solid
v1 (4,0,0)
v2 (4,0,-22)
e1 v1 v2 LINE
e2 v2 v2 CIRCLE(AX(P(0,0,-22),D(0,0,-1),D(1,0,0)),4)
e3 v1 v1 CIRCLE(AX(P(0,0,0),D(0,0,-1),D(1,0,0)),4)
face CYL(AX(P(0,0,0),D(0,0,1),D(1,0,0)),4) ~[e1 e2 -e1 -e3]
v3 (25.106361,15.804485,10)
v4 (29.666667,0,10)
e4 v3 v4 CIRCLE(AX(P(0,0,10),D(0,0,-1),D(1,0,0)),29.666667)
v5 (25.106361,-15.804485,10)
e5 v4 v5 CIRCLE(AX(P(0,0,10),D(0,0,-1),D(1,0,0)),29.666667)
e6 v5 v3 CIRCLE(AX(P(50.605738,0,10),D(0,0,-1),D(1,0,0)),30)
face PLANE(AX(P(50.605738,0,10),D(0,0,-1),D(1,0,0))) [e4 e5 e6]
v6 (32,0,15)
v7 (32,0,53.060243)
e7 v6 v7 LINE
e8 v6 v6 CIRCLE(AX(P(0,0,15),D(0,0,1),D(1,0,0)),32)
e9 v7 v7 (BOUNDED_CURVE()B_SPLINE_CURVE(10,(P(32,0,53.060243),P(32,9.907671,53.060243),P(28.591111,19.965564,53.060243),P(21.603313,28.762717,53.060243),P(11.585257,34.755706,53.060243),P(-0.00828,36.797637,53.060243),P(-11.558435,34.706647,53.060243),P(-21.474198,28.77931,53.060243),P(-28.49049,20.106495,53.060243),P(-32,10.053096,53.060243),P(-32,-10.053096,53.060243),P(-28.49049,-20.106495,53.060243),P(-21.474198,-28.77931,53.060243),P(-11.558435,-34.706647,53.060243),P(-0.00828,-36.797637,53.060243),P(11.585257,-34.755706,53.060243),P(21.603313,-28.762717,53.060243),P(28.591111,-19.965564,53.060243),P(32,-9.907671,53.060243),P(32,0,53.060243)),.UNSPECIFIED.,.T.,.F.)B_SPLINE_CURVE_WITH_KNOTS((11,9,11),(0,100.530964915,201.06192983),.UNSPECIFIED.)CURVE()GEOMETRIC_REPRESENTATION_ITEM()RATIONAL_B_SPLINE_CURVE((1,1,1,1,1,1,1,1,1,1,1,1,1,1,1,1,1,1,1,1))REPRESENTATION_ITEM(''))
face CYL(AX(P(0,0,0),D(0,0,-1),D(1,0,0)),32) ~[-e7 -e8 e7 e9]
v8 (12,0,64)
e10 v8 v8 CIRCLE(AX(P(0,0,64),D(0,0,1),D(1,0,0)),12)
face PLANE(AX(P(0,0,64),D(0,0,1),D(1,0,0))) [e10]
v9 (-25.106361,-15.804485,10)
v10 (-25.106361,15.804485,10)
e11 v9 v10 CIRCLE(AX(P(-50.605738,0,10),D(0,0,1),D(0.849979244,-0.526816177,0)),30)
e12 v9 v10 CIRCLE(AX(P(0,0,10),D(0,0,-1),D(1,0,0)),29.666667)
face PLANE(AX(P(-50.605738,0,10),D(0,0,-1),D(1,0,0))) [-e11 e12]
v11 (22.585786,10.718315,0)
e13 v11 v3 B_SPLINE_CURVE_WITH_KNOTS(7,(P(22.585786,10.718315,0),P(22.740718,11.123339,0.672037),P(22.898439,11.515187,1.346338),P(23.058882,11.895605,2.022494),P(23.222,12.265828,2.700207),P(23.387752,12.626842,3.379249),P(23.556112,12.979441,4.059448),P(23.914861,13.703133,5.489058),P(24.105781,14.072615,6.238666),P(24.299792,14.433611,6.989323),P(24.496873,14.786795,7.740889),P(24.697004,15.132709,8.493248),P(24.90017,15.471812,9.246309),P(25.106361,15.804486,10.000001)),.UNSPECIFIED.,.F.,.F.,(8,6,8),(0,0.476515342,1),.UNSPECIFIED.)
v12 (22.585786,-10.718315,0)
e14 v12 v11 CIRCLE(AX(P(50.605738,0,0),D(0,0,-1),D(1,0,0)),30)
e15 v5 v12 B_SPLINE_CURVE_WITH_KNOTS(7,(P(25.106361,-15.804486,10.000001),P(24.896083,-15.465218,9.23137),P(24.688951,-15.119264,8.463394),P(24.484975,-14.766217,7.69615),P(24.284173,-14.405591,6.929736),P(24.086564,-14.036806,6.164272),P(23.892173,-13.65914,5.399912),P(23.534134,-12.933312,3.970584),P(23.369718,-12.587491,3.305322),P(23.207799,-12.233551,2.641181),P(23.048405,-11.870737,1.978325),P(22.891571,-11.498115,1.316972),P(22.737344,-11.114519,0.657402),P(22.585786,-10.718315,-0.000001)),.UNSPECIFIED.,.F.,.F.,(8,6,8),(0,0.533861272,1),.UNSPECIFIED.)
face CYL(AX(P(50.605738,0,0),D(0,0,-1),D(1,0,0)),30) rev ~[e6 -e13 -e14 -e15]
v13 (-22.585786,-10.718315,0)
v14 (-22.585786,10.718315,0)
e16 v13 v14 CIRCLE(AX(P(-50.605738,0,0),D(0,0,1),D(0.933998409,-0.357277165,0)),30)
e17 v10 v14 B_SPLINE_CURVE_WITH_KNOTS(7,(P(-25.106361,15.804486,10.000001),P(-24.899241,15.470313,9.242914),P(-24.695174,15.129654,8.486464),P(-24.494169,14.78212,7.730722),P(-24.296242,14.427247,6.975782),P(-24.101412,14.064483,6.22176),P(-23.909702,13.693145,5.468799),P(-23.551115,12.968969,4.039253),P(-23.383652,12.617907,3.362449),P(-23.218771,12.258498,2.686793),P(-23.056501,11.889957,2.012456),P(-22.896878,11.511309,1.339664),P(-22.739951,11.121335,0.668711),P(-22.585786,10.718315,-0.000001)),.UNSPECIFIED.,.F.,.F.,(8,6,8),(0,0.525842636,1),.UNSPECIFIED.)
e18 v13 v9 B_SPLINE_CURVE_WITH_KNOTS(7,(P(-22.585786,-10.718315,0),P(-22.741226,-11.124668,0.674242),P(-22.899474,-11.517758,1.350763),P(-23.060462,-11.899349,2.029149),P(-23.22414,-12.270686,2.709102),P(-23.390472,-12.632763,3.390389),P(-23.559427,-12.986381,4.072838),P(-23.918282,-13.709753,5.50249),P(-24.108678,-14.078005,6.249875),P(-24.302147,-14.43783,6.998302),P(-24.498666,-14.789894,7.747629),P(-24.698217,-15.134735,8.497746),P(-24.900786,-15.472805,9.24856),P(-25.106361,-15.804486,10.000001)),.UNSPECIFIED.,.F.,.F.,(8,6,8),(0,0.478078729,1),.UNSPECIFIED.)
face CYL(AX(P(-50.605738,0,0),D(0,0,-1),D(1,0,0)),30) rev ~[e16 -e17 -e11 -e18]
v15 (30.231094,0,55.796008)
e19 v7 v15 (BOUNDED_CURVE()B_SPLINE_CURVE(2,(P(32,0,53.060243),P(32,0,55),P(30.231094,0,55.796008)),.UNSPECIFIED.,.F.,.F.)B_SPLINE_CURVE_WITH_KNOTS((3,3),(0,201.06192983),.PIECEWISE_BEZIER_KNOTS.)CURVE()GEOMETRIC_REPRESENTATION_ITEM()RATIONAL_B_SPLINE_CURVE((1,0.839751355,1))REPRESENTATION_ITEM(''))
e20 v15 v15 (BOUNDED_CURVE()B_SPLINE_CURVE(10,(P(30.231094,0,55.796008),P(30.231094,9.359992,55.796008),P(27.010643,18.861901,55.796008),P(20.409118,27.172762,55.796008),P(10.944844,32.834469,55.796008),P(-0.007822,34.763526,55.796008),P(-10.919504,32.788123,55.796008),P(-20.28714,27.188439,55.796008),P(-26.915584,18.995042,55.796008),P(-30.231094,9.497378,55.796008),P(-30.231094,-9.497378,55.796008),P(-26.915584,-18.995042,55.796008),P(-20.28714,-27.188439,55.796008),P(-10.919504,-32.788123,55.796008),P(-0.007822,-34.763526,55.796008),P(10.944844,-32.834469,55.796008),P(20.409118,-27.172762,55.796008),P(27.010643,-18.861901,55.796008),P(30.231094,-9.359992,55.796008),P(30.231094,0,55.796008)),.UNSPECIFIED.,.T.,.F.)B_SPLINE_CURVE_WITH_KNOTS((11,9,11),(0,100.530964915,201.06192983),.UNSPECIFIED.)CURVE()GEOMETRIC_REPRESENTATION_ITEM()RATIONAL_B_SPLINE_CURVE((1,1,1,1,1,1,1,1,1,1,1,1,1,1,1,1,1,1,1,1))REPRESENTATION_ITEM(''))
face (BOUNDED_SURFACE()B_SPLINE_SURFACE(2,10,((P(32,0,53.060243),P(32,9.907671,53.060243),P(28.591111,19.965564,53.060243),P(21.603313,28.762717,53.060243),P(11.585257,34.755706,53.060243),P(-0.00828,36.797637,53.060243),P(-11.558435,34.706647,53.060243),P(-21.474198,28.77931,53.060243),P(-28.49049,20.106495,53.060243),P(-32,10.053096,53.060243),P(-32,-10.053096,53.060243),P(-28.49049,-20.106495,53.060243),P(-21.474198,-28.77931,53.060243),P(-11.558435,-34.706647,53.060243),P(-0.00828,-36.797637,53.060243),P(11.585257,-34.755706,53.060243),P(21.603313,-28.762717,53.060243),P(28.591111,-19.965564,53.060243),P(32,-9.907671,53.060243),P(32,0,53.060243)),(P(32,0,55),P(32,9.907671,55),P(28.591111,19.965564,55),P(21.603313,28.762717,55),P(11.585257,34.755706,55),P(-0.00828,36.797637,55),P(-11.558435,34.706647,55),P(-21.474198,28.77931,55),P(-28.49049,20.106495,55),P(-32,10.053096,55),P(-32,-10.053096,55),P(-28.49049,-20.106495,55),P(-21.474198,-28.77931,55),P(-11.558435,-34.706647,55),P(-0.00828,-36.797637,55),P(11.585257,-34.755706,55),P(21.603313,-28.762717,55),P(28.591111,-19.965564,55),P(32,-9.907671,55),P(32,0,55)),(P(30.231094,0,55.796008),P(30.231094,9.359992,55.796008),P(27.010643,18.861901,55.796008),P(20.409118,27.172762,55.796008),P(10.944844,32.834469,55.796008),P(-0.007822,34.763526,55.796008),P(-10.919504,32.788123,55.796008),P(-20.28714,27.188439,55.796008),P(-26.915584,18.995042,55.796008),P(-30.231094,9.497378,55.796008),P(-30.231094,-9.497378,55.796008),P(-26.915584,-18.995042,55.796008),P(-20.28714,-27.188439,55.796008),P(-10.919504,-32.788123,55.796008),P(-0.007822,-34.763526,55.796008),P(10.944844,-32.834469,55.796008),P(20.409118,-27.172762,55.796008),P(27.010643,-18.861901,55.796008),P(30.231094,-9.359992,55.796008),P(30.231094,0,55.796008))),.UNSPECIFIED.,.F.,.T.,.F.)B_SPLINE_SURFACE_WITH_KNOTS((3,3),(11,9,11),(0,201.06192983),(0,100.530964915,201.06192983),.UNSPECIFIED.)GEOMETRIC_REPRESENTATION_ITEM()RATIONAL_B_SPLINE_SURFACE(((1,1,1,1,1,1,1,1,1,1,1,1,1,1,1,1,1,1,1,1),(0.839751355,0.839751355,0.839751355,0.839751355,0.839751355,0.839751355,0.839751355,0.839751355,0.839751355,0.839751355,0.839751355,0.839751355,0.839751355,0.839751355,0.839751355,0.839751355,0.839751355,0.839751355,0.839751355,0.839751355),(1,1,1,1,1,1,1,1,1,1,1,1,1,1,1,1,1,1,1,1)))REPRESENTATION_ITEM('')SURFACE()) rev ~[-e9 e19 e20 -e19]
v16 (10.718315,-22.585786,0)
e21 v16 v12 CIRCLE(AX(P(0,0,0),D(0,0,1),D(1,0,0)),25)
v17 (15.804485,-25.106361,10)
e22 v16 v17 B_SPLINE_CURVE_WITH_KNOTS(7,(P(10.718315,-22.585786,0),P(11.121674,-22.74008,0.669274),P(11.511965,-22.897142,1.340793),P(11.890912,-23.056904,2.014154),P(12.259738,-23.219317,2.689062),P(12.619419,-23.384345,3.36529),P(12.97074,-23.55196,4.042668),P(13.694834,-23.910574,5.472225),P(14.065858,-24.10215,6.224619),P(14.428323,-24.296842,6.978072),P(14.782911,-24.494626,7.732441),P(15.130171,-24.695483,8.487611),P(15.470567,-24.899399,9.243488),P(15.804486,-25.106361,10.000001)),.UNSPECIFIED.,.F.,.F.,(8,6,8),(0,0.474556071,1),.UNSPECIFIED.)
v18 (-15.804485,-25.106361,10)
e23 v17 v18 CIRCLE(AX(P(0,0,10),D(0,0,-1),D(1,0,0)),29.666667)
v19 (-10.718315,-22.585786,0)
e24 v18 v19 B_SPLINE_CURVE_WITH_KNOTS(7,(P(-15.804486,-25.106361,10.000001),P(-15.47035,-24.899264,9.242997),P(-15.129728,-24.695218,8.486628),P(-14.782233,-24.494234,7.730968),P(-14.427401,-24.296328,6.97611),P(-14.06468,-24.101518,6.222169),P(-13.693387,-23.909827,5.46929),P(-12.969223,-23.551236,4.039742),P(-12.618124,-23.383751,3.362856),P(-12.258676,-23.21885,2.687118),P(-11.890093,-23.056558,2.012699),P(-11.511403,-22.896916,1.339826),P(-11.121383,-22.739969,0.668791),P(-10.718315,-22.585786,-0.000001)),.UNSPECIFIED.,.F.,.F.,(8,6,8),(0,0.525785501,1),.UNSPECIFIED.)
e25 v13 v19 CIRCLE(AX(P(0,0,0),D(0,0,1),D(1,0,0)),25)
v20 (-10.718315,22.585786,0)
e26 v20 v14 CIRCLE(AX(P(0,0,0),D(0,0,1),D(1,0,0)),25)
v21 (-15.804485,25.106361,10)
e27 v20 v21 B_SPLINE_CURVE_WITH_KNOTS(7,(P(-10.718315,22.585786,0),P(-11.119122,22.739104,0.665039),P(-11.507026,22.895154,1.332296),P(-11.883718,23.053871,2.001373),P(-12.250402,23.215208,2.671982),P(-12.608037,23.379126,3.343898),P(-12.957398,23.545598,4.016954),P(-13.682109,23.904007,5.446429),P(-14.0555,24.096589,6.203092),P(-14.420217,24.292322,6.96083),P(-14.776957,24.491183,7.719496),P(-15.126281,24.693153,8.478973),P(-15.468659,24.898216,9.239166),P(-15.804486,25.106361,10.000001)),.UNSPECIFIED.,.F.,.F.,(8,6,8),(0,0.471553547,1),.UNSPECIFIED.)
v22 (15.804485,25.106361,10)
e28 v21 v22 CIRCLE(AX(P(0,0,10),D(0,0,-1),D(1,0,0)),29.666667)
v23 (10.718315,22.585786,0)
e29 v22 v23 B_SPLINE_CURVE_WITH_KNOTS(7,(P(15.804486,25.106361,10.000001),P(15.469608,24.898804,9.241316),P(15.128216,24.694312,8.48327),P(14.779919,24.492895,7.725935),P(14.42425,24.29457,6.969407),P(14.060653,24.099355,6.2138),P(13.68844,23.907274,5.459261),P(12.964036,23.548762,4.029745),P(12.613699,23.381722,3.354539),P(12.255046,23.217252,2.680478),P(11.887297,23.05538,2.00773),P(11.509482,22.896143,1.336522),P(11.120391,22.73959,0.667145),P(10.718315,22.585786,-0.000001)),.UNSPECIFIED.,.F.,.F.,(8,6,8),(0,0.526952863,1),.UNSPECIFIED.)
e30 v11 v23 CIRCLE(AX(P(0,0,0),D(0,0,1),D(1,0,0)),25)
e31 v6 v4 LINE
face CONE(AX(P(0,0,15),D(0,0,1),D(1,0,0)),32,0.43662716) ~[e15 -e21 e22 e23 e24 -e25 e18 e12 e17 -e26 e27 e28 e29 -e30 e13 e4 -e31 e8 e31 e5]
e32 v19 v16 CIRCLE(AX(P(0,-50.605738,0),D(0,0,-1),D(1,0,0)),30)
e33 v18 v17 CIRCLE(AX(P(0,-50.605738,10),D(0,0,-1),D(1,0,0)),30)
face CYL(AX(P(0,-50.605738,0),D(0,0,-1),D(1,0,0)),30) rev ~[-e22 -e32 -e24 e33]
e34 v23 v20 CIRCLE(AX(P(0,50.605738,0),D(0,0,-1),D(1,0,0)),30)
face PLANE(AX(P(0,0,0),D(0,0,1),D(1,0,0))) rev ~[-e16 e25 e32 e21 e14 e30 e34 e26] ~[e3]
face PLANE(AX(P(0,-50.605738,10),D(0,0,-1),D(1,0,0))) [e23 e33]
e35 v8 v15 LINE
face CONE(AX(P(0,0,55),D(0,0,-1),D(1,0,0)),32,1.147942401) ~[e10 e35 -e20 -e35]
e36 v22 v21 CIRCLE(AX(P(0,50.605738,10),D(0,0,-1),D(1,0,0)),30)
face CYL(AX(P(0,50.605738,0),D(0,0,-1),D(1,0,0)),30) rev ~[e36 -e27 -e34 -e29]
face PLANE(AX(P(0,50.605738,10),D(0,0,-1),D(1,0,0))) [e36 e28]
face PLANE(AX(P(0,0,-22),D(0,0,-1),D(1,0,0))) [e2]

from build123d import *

# Parameters (mm, degrees)
F0_R     = 32
F1_DEPTH = 64
F2_SIZE2 = 9
F2_SIZE  = 20
F3_SIZE2 = 7
F3_SIZE  = 15
F4_R     = 3
F5_R     = 30
F7_DEPTH = 10
F6_R     = 4
F8_DEPTH = 22


with BuildPart() as f1:
    # F0 (on Top) → F1 (new body)
    with BuildSketch(Plane.XY):
        Circle(F0_R)
    extrude(amount=F1_DEPTH)

    # F2
    f2_edges = [f1.edges().sort_by_distance(p)[0] for p in [
        (-32, 0, 64),
    ]]
    f2_side = f1.faces().sort_by_distance((0, 0, 64))[0]
    chamfer(f2_edges, length=F2_SIZE, length2=F2_SIZE2, reference=f2_side)

    # F3
    f3_edges = [f1.edges().sort_by_distance(p)[0] for p in [
        (-32, 0, 0),
    ]]
    f3_side = f1.faces().sort_by_distance((-32, 0, 27.5))[0]
    chamfer(f3_edges, length=F3_SIZE, length2=F3_SIZE2, reference=f3_side)

    # F4
    f4_edges = [f1.edges().sort_by_distance(p)[0] for p in [
        (-32, 0, 55),
    ]]
    fillet(f4_edges, radius=F4_R)

    # F5 (on face) → F7 (cut)
    with BuildSketch(Plane(origin=(0, 0, 0), x_dir=(1, 0, 0), z_dir=(0, 0, -1))):
        with Locations((-50.605738163, 0)):
            Circle(F5_R)
        with Locations((0, -50.605738163)):
            Circle(F5_R)
        with Locations((50.605738163, 0)):
            Circle(F5_R)
        with Locations((0, 50.605738163)):
            Circle(F5_R)
    extrude(amount=-F7_DEPTH, mode=Mode.SUBTRACT)

    # F6 (on face) → F8 (join)
    with BuildSketch(Plane(origin=(0, 0, 0), x_dir=(1, 0, 0), z_dir=(0, 0, -1))):
        Circle(F6_R)
    extrude(amount=F8_DEPTH)


solid = f1.part
